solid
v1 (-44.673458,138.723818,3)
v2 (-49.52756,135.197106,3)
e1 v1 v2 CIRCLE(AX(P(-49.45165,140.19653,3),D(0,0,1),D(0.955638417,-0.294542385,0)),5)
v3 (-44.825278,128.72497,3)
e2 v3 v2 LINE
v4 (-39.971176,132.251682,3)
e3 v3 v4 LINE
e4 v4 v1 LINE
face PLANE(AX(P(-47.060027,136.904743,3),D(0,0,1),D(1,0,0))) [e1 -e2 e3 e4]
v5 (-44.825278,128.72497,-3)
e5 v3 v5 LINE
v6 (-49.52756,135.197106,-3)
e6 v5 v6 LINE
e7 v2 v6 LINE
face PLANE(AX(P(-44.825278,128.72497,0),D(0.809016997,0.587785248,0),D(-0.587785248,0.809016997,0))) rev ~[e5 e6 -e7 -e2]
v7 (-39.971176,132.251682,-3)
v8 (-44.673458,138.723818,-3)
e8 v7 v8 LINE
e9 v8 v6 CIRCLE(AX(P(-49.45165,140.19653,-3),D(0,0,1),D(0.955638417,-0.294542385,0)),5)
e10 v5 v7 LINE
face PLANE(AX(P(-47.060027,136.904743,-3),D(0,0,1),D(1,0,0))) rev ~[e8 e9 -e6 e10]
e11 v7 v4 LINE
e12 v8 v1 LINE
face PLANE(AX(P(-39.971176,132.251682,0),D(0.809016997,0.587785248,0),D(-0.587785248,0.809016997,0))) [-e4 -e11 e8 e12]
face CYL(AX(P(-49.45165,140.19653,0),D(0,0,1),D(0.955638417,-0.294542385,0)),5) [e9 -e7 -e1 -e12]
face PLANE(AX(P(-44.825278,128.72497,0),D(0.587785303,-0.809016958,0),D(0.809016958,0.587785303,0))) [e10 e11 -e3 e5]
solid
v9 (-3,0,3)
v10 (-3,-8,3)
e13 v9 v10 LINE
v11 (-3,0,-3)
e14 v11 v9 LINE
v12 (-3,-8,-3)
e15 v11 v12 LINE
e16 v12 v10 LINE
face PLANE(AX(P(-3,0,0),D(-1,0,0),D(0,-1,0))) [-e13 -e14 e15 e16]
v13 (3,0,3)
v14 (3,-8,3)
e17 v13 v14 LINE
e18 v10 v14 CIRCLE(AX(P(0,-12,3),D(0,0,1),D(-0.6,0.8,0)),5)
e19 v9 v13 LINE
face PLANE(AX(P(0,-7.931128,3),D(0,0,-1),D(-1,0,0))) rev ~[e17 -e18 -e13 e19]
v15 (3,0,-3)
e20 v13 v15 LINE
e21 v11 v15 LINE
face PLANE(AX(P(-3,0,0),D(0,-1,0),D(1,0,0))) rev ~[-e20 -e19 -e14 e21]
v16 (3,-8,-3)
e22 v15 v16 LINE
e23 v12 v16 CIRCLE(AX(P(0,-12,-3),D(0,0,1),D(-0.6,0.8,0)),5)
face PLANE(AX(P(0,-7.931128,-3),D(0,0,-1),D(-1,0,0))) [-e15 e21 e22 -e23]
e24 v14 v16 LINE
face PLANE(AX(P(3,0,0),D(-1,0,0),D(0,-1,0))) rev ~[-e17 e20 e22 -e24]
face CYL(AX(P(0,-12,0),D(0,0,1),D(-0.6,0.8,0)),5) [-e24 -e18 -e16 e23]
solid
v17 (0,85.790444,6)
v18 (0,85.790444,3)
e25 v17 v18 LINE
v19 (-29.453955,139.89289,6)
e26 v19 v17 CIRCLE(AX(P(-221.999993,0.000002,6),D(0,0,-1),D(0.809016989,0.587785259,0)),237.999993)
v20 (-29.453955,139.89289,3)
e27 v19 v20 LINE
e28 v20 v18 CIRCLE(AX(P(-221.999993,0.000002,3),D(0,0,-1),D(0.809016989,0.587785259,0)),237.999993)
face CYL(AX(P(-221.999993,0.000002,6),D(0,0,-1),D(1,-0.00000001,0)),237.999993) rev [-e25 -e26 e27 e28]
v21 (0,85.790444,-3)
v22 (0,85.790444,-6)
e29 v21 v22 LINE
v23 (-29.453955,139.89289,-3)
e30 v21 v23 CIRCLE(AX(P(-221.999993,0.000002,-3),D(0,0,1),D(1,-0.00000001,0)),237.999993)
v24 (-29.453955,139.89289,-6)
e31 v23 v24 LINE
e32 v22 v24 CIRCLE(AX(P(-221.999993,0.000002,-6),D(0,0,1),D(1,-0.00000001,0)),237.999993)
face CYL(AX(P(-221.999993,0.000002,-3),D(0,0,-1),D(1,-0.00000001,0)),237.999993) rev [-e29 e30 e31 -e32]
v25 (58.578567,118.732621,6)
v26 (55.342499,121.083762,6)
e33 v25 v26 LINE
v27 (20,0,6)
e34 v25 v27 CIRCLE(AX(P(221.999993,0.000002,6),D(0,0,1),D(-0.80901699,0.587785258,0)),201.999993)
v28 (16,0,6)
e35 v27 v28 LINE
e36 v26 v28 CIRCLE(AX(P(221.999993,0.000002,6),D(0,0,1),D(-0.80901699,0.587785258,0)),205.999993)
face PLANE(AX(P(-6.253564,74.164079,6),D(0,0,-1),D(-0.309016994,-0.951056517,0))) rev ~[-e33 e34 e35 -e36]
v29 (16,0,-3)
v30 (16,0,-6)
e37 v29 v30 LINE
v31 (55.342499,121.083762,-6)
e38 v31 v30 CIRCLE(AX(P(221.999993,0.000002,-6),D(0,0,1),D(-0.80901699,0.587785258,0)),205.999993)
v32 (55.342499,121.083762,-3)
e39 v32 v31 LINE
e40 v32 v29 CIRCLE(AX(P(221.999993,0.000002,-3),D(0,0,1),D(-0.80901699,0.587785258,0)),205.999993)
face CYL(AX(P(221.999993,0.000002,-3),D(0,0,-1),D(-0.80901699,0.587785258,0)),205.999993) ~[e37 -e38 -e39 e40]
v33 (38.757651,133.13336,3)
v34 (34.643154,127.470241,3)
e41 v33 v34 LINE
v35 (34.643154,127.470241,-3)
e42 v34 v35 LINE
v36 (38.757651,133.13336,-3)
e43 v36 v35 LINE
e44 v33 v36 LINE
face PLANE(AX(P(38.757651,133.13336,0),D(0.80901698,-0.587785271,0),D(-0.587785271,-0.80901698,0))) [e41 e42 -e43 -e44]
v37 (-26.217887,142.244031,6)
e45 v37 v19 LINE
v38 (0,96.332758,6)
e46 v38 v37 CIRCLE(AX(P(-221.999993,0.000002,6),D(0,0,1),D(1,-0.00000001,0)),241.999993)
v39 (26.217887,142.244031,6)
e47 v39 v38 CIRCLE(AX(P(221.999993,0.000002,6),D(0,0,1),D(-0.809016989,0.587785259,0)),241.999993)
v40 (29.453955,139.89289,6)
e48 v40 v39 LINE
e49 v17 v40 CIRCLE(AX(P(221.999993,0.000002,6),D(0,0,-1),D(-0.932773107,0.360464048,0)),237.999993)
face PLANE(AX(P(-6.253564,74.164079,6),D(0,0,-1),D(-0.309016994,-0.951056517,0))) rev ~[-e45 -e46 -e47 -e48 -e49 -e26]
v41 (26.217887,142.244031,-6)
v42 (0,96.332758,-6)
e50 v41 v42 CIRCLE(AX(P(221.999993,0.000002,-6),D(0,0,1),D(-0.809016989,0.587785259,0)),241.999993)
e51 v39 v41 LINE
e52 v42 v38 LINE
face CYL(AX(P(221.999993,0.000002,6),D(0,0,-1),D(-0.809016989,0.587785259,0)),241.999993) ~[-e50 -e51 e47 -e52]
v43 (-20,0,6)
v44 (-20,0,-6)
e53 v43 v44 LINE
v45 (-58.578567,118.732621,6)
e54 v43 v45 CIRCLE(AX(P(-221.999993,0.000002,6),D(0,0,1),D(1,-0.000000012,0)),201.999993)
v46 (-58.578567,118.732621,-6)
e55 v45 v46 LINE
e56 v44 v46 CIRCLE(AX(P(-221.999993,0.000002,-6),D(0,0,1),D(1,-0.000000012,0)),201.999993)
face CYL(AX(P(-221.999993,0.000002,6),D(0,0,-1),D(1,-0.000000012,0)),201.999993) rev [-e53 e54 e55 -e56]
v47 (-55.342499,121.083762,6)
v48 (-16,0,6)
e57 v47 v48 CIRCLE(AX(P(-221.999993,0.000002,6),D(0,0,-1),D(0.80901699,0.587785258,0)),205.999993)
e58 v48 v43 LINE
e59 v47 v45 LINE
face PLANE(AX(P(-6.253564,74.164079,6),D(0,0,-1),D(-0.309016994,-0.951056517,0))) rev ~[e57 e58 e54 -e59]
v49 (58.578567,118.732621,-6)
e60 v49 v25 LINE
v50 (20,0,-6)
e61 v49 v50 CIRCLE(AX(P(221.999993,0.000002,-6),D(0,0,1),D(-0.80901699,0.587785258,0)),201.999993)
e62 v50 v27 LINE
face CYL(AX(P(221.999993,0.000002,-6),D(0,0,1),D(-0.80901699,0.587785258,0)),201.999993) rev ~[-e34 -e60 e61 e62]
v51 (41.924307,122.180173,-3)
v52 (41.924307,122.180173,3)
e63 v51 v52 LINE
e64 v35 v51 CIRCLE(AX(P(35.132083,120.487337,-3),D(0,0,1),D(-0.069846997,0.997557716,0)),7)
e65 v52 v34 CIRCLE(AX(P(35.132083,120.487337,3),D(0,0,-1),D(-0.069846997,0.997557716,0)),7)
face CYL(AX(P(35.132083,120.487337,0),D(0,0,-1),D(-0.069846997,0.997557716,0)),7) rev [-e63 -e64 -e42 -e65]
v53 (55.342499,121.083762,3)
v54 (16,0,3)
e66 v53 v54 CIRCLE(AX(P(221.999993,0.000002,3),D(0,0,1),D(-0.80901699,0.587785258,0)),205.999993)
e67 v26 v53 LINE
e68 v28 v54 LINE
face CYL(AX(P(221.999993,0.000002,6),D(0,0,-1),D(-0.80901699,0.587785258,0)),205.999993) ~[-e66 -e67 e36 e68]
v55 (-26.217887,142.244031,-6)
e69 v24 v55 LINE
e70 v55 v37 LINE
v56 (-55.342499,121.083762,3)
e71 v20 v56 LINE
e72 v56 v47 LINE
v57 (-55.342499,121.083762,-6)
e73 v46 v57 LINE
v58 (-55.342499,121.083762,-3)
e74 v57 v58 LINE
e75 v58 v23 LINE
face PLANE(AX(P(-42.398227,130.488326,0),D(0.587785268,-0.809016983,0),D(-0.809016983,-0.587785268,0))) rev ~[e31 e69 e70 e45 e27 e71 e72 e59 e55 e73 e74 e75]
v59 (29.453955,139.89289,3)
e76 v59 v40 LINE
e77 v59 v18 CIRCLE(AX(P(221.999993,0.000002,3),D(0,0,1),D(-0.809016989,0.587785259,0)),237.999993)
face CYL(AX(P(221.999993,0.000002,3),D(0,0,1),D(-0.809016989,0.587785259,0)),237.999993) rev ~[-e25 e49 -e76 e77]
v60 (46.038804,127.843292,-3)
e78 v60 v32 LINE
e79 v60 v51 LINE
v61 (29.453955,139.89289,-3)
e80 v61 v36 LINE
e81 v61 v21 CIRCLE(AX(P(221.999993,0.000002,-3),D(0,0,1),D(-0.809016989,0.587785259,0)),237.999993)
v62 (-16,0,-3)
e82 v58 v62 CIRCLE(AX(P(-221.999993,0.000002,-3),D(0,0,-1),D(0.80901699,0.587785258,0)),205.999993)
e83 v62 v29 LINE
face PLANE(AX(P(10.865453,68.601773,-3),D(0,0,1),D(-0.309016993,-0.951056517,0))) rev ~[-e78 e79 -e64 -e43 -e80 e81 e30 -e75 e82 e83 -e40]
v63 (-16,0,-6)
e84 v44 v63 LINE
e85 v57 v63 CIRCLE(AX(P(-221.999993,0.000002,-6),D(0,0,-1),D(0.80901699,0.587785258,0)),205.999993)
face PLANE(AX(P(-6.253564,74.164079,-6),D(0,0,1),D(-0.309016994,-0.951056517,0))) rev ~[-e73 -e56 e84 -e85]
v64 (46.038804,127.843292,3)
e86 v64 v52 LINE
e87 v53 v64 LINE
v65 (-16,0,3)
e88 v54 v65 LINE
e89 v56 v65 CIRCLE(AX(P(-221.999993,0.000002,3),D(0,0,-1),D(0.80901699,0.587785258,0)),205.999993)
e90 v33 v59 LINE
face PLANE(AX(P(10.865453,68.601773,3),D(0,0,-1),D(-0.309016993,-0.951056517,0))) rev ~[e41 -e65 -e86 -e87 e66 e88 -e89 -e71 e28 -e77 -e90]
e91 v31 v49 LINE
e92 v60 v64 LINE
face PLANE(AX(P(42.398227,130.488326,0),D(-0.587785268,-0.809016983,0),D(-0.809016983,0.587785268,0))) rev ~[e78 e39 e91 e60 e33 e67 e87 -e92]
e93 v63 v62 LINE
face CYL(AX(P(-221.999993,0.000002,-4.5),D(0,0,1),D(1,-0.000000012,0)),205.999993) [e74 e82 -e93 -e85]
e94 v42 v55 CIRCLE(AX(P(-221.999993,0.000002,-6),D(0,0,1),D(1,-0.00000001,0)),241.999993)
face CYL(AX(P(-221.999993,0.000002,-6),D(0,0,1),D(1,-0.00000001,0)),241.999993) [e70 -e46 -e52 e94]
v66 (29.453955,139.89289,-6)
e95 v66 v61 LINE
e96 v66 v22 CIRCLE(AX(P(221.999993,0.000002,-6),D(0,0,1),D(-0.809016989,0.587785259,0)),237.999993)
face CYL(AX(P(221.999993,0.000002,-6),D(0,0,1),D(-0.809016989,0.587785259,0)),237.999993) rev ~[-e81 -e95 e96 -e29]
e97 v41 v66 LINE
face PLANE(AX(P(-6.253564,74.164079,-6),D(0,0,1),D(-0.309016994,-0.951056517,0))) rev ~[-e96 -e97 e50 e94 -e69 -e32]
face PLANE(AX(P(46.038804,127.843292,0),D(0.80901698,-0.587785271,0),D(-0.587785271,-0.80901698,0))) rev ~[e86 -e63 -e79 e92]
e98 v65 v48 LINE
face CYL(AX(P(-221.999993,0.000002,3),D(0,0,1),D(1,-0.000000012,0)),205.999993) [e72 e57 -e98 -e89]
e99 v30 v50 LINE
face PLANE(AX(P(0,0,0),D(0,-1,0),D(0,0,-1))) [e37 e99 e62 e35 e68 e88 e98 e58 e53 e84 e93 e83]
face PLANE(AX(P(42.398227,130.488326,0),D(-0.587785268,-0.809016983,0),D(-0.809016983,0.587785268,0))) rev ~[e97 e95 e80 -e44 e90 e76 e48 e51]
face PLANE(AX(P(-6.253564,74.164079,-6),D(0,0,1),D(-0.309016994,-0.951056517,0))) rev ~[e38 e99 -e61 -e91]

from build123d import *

# Parameters (mm, degrees)
SKETCH013_W       = 32
SKETCH013_H       = 3
POCKET_DEPTH      = 6.001
POCKET_DEPTH_BACK = -6.001
PAD_DEPTH         = 3
PAD002_DEPTH      = 3


with BuildPart() as main:
    # AdditivePipe: sweep along a path in Sketch
    with BuildLine(Plane.XY) as additivepipe_path:
        ThreePointArc((0, 0), (-10.865453, 68.601773), (-42.398227, 130.488326))
    # Sketch002 → AdditivePipe (sweep)
    with BuildSketch(Plane.XZ):
        Polygon((-20, 6), (-20, -6), (-16, -6), (-16, -3), (-9, -3), (9, -3), (16, -3), (16, -6), (20, -6), (20, 6), (16, 6), (16, 3), (9, 3), (-9, 3), (-16, 3), (-16, 6), align=None)
    sweep(path=additivepipe_path.line)

    # AdditivePipe001: sweep along a path in Sketch001
    with BuildLine(Plane.XY) as additivepipe001_path:
        ThreePointArc((42.398227, 130.488326), (10.865453, 68.601773), (0, 0))
    # Sketch002 → AdditivePipe001 (sweep)
    with BuildSketch(Plane.XZ):
        Polygon((-20, 6), (-20, -6), (-16, -6), (-16, -3), (-9, -3), (9, -3), (16, -3), (16, -6), (20, -6), (20, 6), (16, 6), (16, 3), (9, 3), (-9, 3), (-16, 3), (-16, 6), align=None)
    sweep(path=additivepipe001_path.line)

    # SubtractivePipe: sweep along a path in Sketch
    with BuildLine(Plane.XY) as subtractivepipe_path:
        ThreePointArc((0, 0), (-10.865453, 68.601773), (-42.398227, 130.488326))
    # Sketch013 (on Face1 of AdditivePipe001) → SubtractivePipe (sweep, cut)
    with BuildSketch(Plane.XZ):
        with Locations((0, 4.5)):
            Rectangle(SKETCH013_W, SKETCH013_H)
    subtractivepipe = sweep(path=subtractivepipe_path.line, mode=Mode.SUBTRACT)

    # SubtractivePipe001: sweep along a path in Sketch001
    with BuildLine(Plane.XY) as subtractivepipe001_path:
        ThreePointArc((42.398227, 130.488326), (10.865453, 68.601773), (0, 0))
    # Sketch013 (on Face1 of AdditivePipe001) → SubtractivePipe001 (sweep, cut)
    with BuildSketch(Plane.XZ):
        with Locations((0, 4.5)):
            Rectangle(SKETCH013_W, SKETCH013_H)
    subtractivepipe001 = sweep(path=subtractivepipe001_path.line, mode=Mode.SUBTRACT)

    # Mirrored: SubtractivePipe across XY
    add(subtractivepipe.mirror(Plane.XY), mode=Mode.SUBTRACT)

    # Mirrored001: SubtractivePipe001 across XY
    add(subtractivepipe001.mirror(Plane.XY), mode=Mode.SUBTRACT)

    # Sketch009 → Pocket (cut, two sides)
    with BuildSketch(Plane.XY) as pocket_sk:
        with BuildLine():
            Line((38.757651, 133.13336), (46.038804, 127.843292))
            Line((46.038804, 127.843292), (41.924307, 122.180173))
            ThreePointArc((34.643154, 127.470241), (31.017586, 114.824218), (41.924307, 122.180173))
            Line((38.757651, 133.13336), (34.643154, 127.470241))
        make_face()
    extrude(amount=-POCKET_DEPTH, mode=Mode.SUBTRACT)
    extrude(pocket_sk.sketch, amount=-POCKET_DEPTH_BACK, mode=Mode.SUBTRACT)


with BuildPart() as male1:
    # Sketch010 → Pad (new body, symmetric)
    with BuildSketch(Plane.XY):
        with BuildLine():
            Line((-3, 0), (3, 0))
            Line((3, 0), (3, -8))
            ThreePointArc((-3, -8), (0, -17), (3, -8))
            Line((-3, 0), (-3, -8))
        make_face()
    extrude(amount=PAD_DEPTH, both=True)


with BuildPart() as male2:
    # Sketch012 → Pad002 (new body, symmetric)
    with BuildSketch(Plane.XY):
        with BuildLine():
            Line((-44.825278, 128.72497), (-39.971176, 132.251682))
            Line((-39.971176, 132.251682), (-44.673458, 138.723818))
            ThreePointArc((-44.673458, 138.723818), (-52.390577, 144.241615), (-49.52756, 135.197106))
            Line((-44.825278, 128.72497), (-49.52756, 135.197106))
        make_face()
    extrude(amount=PAD002_DEPTH, both=True)


solid = Compound([main.part, male1.part, male2.part])
